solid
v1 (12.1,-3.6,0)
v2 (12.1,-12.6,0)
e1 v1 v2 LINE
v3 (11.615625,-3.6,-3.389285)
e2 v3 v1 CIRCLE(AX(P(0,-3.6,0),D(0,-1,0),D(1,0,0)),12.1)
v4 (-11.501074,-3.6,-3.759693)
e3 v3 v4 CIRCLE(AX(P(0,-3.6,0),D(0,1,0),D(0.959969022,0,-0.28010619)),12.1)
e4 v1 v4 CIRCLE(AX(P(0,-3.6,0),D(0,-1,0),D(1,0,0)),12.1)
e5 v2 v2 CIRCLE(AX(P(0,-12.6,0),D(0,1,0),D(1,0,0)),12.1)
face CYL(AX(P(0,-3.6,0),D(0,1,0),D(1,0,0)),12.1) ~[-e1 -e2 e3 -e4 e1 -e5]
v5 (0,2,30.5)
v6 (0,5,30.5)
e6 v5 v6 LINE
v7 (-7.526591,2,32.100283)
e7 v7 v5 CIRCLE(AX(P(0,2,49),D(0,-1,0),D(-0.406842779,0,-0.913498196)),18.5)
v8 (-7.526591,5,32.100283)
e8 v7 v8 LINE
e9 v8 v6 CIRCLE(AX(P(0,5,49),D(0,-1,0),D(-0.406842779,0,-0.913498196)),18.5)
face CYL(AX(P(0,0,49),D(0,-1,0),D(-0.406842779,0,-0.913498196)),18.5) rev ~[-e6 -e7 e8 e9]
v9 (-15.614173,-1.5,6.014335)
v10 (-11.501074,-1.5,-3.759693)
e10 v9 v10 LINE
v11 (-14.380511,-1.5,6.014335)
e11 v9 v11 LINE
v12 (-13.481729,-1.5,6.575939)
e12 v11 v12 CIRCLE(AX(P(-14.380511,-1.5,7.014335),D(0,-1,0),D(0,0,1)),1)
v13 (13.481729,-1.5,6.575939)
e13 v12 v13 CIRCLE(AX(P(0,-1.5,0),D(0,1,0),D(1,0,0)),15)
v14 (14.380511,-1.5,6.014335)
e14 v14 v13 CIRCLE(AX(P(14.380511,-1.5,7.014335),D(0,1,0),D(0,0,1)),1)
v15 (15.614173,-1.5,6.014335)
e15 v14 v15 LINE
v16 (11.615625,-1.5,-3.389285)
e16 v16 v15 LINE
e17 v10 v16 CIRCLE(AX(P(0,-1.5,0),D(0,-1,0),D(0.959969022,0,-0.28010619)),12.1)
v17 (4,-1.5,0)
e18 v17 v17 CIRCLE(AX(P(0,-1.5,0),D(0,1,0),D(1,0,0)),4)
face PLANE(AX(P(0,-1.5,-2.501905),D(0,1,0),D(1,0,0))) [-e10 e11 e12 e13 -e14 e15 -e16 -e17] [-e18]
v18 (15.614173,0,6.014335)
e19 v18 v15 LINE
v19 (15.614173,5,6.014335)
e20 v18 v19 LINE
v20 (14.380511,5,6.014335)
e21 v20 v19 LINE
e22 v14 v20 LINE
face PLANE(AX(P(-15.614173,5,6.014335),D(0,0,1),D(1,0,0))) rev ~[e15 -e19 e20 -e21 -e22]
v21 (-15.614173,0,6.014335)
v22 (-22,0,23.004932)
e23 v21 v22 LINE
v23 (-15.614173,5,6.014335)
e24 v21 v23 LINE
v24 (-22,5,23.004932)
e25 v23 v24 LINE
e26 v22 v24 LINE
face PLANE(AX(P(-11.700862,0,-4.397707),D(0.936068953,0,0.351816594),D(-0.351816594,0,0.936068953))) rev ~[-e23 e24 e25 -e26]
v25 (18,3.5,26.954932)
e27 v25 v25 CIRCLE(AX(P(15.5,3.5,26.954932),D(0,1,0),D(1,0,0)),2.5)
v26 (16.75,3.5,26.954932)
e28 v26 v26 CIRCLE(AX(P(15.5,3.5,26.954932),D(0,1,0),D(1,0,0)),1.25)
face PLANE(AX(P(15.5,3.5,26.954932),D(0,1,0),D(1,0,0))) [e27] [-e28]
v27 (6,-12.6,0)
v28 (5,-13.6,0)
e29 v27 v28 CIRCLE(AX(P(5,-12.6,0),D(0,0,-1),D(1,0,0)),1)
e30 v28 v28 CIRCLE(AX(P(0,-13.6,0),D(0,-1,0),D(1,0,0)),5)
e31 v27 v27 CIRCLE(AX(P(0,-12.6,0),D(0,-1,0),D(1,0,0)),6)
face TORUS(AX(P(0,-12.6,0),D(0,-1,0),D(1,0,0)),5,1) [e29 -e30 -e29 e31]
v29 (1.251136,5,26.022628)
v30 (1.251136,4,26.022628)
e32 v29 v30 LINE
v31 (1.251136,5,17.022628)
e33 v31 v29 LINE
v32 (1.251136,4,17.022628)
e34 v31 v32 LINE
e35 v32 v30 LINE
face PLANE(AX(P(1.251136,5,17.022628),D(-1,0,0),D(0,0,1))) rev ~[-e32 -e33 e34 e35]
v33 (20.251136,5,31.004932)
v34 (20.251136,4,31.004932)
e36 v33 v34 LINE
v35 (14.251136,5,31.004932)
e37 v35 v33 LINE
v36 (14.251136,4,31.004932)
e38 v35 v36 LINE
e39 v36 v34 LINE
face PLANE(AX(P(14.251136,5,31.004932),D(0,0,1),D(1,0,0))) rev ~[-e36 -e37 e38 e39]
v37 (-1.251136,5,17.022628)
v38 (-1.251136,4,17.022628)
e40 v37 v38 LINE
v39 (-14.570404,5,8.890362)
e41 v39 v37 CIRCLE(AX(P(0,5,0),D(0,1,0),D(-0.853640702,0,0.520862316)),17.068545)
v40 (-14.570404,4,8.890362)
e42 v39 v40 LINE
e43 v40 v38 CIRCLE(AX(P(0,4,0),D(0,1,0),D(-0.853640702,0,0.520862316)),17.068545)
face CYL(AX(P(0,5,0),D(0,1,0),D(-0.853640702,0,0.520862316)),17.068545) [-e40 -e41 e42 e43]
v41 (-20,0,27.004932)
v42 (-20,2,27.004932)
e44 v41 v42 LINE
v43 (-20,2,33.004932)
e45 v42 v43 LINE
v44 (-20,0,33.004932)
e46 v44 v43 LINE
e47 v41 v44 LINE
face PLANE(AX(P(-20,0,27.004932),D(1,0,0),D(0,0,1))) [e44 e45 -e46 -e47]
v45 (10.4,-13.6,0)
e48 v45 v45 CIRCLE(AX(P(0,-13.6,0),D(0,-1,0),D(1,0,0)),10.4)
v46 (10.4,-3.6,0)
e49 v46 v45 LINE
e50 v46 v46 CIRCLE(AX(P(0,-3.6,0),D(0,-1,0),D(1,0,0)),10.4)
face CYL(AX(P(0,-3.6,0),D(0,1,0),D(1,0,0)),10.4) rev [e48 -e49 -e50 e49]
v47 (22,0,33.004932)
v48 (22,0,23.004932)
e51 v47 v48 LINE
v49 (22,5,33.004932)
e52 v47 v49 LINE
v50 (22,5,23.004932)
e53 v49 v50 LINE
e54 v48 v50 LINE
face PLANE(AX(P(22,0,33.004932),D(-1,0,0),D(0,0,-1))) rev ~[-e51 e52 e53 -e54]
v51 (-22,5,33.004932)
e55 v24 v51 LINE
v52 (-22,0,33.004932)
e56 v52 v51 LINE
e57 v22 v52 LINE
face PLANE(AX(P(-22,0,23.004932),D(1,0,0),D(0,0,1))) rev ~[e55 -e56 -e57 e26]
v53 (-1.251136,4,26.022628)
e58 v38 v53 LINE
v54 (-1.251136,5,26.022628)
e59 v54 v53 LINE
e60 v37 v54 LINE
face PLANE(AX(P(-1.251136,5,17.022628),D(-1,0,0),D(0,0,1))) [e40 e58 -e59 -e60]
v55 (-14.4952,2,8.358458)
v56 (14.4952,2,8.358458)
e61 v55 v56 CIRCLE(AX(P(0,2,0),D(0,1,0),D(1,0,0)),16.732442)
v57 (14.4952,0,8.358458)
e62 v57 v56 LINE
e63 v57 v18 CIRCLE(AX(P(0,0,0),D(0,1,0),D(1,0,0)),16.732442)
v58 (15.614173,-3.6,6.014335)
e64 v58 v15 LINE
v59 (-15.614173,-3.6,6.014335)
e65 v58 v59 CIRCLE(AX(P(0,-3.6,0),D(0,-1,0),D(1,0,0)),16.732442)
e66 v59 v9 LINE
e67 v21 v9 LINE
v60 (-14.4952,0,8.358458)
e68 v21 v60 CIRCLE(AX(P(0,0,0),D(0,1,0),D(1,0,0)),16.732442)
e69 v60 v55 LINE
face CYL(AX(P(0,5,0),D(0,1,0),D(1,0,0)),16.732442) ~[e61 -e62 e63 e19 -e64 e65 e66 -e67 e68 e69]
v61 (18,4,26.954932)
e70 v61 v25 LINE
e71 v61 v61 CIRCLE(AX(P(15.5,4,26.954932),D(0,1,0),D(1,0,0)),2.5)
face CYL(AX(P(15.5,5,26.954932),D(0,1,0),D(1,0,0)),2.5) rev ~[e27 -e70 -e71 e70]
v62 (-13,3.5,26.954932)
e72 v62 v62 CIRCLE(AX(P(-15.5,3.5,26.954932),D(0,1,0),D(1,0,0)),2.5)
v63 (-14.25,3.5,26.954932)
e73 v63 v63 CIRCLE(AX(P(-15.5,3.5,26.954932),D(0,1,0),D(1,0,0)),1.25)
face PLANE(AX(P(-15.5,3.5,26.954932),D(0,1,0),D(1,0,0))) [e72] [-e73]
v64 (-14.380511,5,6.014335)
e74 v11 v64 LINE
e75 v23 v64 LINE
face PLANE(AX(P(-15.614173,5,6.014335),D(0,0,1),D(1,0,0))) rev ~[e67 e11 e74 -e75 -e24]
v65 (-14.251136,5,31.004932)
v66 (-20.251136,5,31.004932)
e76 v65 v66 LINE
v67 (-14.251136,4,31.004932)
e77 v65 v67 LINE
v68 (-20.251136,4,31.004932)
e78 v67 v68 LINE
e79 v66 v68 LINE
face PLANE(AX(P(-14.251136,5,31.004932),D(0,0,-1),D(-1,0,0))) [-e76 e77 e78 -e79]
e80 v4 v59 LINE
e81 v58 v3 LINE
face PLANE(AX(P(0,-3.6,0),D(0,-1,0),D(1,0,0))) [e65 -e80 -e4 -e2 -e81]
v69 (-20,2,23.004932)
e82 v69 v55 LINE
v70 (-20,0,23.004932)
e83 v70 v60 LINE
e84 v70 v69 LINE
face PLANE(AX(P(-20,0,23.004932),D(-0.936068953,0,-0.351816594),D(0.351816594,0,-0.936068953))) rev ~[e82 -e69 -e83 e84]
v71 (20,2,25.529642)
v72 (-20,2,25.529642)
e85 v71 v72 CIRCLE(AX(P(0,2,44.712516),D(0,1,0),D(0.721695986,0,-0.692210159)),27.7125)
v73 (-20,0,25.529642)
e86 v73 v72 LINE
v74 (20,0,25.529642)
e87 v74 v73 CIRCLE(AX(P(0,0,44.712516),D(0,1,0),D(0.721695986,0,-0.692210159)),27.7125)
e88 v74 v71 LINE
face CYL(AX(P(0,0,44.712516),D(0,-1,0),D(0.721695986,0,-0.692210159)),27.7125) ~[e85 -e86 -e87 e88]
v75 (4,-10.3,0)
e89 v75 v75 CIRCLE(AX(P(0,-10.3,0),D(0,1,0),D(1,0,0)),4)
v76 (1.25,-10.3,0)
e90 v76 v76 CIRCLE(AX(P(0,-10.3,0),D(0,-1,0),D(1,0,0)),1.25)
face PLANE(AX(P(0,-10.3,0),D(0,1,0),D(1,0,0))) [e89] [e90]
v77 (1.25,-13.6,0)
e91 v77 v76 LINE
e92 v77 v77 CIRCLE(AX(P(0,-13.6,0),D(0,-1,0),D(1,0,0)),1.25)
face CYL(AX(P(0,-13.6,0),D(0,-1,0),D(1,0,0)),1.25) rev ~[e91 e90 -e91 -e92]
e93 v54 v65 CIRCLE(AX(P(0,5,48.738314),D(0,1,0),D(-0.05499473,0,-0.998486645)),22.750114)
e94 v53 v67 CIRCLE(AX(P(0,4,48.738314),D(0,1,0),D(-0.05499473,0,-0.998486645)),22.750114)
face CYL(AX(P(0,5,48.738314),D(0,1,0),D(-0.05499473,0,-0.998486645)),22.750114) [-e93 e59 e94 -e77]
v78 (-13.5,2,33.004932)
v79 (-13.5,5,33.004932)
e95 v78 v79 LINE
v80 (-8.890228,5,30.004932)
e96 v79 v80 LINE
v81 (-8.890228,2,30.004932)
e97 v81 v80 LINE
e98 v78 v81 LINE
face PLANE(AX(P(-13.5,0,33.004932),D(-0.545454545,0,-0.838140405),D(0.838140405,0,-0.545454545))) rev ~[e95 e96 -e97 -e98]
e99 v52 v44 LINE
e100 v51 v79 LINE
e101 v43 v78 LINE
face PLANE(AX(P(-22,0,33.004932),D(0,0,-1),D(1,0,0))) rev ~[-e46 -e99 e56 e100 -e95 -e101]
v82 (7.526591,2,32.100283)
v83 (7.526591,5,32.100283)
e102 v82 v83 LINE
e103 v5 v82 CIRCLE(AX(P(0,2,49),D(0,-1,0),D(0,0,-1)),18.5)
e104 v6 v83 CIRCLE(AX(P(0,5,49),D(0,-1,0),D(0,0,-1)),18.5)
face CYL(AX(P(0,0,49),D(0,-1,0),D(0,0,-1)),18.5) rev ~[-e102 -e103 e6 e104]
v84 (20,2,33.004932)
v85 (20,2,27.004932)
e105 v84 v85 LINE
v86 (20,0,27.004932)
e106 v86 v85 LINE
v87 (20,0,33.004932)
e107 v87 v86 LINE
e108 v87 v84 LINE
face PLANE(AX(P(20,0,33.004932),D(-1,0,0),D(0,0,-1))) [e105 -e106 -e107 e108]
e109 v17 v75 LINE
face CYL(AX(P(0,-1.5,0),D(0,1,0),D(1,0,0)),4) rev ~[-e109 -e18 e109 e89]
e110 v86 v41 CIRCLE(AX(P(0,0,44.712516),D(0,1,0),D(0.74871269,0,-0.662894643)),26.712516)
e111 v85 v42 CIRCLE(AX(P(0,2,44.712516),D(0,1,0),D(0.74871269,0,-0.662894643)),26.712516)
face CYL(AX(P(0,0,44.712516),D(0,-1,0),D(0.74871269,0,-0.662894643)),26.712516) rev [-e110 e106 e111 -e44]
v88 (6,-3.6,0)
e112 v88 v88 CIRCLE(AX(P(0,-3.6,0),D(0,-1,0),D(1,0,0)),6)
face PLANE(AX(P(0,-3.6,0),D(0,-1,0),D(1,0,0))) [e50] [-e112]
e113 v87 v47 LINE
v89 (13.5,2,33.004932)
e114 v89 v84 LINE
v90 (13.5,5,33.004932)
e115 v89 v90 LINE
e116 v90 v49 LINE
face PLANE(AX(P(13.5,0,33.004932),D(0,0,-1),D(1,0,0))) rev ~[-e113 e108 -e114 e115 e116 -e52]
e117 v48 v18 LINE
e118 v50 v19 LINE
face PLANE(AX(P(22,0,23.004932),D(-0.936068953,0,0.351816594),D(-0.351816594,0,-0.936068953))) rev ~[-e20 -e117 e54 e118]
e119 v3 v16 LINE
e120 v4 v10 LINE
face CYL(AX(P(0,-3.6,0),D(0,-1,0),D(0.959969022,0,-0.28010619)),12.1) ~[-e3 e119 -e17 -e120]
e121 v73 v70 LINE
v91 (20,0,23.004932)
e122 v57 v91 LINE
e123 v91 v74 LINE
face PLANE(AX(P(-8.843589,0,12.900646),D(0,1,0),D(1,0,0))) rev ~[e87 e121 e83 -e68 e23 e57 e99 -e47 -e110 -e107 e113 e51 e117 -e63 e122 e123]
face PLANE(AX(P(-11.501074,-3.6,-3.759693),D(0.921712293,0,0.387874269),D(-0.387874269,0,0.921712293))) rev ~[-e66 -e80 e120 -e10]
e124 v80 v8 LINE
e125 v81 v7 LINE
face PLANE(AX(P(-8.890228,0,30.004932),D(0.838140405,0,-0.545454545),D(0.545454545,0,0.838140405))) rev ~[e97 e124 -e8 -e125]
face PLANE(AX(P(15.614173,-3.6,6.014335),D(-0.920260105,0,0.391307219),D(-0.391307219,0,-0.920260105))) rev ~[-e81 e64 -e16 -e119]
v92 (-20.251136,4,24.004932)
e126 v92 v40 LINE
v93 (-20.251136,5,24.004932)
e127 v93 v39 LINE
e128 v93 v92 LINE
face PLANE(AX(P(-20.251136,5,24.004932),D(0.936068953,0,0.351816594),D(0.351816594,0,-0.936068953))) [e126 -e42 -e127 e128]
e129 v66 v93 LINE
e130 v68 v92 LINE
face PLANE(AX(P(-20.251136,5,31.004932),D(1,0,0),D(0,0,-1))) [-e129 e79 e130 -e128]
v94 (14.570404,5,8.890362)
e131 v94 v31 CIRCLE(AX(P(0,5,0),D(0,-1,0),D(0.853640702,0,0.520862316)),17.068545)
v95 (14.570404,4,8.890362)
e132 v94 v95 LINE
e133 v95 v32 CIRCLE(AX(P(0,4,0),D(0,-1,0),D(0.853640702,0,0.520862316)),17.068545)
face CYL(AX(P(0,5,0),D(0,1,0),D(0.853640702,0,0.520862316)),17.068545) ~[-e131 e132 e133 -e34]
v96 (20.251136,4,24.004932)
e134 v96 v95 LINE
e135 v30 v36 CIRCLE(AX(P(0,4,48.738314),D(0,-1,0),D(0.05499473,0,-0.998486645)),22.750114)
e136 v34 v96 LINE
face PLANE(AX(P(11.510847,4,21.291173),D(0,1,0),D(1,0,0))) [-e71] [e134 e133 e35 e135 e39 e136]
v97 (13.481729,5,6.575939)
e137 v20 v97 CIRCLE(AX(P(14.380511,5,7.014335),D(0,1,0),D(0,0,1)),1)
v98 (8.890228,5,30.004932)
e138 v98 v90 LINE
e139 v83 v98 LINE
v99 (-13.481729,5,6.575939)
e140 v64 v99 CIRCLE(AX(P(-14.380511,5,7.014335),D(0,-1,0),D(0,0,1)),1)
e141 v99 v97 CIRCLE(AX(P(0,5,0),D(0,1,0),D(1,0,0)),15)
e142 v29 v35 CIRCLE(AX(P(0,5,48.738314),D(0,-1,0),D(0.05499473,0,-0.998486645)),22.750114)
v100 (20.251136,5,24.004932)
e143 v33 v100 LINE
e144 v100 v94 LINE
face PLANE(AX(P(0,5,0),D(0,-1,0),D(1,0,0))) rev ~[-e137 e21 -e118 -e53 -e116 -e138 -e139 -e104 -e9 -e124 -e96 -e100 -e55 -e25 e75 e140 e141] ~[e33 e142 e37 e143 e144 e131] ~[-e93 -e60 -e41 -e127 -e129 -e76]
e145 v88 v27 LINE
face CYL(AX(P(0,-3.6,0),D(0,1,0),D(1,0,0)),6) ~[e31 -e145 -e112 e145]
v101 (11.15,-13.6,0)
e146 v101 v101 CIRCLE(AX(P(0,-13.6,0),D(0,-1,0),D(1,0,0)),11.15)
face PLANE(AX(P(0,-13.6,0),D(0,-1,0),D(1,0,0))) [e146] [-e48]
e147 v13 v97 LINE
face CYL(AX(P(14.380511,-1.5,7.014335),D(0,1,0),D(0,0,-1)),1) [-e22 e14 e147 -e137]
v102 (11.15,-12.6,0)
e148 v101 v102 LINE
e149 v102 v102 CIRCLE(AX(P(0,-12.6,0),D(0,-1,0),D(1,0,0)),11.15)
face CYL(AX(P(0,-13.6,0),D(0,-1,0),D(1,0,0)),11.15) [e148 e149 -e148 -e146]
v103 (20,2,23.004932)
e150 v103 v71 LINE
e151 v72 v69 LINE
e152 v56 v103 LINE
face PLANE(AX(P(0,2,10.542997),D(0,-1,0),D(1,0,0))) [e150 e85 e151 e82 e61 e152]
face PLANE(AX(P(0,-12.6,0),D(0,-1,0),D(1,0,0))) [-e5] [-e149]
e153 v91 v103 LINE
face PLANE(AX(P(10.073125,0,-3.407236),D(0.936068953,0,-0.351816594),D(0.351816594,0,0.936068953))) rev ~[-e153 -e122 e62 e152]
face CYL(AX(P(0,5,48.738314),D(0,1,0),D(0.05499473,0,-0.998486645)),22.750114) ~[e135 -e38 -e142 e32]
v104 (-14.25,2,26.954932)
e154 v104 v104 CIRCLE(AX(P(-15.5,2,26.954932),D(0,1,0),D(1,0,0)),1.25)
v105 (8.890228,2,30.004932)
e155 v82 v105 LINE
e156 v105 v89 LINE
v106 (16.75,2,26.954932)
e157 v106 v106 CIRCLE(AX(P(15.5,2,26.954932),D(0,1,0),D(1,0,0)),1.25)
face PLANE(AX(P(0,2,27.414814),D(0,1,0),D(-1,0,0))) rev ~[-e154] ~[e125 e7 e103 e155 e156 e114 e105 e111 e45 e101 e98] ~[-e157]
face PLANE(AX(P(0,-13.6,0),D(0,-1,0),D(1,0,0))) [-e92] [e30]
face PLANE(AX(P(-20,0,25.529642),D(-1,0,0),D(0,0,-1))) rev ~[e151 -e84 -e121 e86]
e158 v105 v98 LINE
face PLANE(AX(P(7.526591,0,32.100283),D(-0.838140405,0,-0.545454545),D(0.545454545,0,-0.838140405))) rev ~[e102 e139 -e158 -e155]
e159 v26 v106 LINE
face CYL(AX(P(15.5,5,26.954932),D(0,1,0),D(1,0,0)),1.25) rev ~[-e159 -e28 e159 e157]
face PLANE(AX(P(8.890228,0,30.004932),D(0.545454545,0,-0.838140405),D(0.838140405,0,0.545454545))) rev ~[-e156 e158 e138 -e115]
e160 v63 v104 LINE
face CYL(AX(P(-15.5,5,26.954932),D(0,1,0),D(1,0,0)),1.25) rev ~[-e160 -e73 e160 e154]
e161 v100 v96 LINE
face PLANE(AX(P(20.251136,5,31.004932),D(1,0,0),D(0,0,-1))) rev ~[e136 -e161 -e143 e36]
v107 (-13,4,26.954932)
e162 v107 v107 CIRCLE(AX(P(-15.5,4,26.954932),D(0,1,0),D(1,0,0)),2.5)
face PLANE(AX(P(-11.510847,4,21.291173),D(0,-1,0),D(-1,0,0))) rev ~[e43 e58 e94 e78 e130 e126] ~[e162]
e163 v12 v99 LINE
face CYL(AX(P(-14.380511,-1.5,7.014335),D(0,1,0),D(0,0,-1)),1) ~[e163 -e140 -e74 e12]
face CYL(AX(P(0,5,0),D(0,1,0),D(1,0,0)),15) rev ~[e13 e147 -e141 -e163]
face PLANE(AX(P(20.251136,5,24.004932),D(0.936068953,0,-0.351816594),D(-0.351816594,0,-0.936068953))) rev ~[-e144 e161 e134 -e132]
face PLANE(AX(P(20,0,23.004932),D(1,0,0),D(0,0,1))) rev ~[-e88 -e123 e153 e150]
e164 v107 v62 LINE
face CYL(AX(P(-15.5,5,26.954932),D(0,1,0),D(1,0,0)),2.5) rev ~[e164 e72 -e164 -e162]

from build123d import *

# Parameters (mm, degrees)
BOSS_EXTRUDE1_DEPTH = 5
CUT_EXTRUDE6_DEPTH  = 2
CUT_EXTRUDE7_DEPTH  = 2
SKETCH12_R          = 16.732442385
BOSS_EXTRUDE3_DEPTH = 8.6
SKETCH13_R          = 12.1
SKETCH13_R_2        = 10.4
BOSS_EXTRUDE4_DEPTH = 10
SKETCH14_R          = 6
BOSS_EXTRUDE5_DEPTH = 10
CUT_EXTRUDE10_DEPTH = 1
SKETCH7_R           = 1.25
CUT_EXTRUDE11_DEPTH = 19.6
SKETCH8_R           = 2.5
CUT_EXTRUDE12_DEPTH = 1.5
SKETCH3_R           = 15
CUT_EXTRUDE14_DEPTH = 6.5
CUT_EXTRUDE15_DEPTH = 6.5
SKETCH15_R          = 1.25
CUT_EXTRUDE16_DEPTH = 6.5
FILLET2_R           = 1
SKETCH20_R          = 12.503929781
SKETCH20_R_2        = 11.15
CUT_EXTRUDE17_DEPTH = 1
SKETCH21_R          = 4
CUT_EXTRUDE19_DEPTH = 8.8
FILLET10_R          = 1
CUT_EXTRUDE21_DEPTH = 9.6


with BuildPart() as part:
    # Sketch1 → Boss-Extrude1 (new body)
    with BuildSketch(Plane(origin=(0, 0, 0), x_dir=(1, 0, 0), z_dir=(0, 1, 0))):
        with BuildLine():
            Line((-22, -23.004932369), (-22, -33.004932369))
            Line((-22, -33.004932369), (-13.5, -33.004932369))
            Line((-13.5, -33.004932369), (-8.890227771, -30.004932369))
            Line((-8.890227771, -30.004932369), (-7.526591408, -32.100283382))
            ThreePointArc((-7.526591408, -32.100283382), (-3.847417482, -30.904492858), (0, -30.5))
            Line((0, -30.5), (0, 12.5))
            ThreePointArc((0, 12.5), (-7.116131574, 10.276705281), (-11.700861907, 4.397707428))
            Line((-11.700861907, 4.397707428), (-22, -23.004932369))
        make_face()
        with BuildLine():
            ThreePointArc((11.700861907, 4.397707428), (7.116131574, 10.276705281), (0, 12.5))
            Line((0, 12.5), (0, -30.5))
            ThreePointArc((0, -30.5), (3.847417482, -30.904492858), (7.526591408, -32.100283382))
            Line((7.526591408, -32.100283382), (8.890227771, -30.004932369))
            Line((8.890227771, -30.004932369), (13.5, -33.004932369))
            Line((13.5, -33.004932369), (22, -33.004932369))
            Line((22, -33.004932369), (22, -23.004932369))
            Line((22, -23.004932369), (11.700861907, 4.397707428))
        make_face()
    extrude(amount=BOSS_EXTRUDE1_DEPTH)

    # Sketch9 → Cut-Extrude6 (cut)
    with BuildSketch(Plane.XZ):
        with BuildLine():
            Line((20, 33.004932369), (20, 27.004932369))
            ThreePointArc((20, 27.004932369), (0, 18), (-20, 27.004932369))
            Line((-20, 27.004932369), (-20, 33.004932369))
            Line((-20, 33.004932369), (20, 33.004932369))
        make_face()
    extrude(amount=-CUT_EXTRUDE6_DEPTH, mode=Mode.SUBTRACT)

    # Sketch11 → Cut-Extrude7 (cut)
    with BuildSketch(Plane.XZ):
        with BuildLine():
            Line((-20, 23.004932369), (-10.073125454, -3.40723582))
            ThreePointArc((-10.073125454, -3.40723582), (0, -10.633772254), (10.073125454, -3.40723582))
            Line((10.073125454, -3.40723582), (20, 23.004932369))
            Line((20, 23.004932369), (20, 25.529642354))
            ThreePointArc((20, 25.529642354), (0, 17.000016389), (-20, 25.529642354))
            Line((-20, 25.529642354), (-20, 23.004932369))
        make_face()
    extrude(amount=-CUT_EXTRUDE7_DEPTH, mode=Mode.SUBTRACT)

    # Sketch12 → Boss-Extrude3 (add)
    with BuildSketch(Plane.XZ.offset(-5)):
        Circle(SKETCH12_R)
    extrude(amount=BOSS_EXTRUDE3_DEPTH)

    # Sketch13 → Boss-Extrude4 (add)
    with BuildSketch(Plane.XZ.offset(3.6)):
        Circle(SKETCH13_R)
        Circle(SKETCH13_R_2, mode=Mode.SUBTRACT)
    extrude(amount=BOSS_EXTRUDE4_DEPTH)

    # Sketch14 → Boss-Extrude5 (add)
    with BuildSketch(Plane.XZ.offset(3.6)):
        Circle(SKETCH14_R)
    extrude(amount=BOSS_EXTRUDE5_DEPTH)

    # Sketch6 → Cut-Extrude10 (cut)
    with BuildSketch(Plane(origin=(0, 5, 0), x_dir=(1, 0, 0), z_dir=(0, 1, 0))):
        with BuildLine():
            Line((-1.251136393, -17.022628361), (-1.251136393, -26.022628361))
            ThreePointArc((-1.251136393, -26.022628361), (-8.141618616, -27.494920638), (-14.251136393, -31.004932369))
            Line((-14.251136393, -31.004932369), (-20.251136393, -31.004932369))
            Line((-20.251136393, -31.004932369), (-20.251136393, -24.004932369))
            Line((-20.251136393, -24.004932369), (-14.570404486, -8.89036173))
            ThreePointArc((-14.570404486, -8.89036173), (-8.894589877, -14.567823774), (-1.251136393, -17.022628361))
        make_face()
        with BuildLine():
            Line((20.251136393, -24.004932369), (14.570404486, -8.89036173))
            ThreePointArc((14.570404486, -8.89036173), (8.894589877, -14.567823774), (1.251136393, -17.022628361))
            Line((1.251136393, -17.022628361), (1.251136393, -26.022628361))
            ThreePointArc((1.251136393, -26.022628361), (8.141618616, -27.494920638), (14.251136393, -31.004932369))
            Line((14.251136393, -31.004932369), (20.251136393, -31.004932369))
            Line((20.251136393, -31.004932369), (20.251136393, -24.004932369))
        make_face()
    extrude(amount=-CUT_EXTRUDE10_DEPTH, mode=Mode.SUBTRACT)

    # Sketch7 → Cut-Extrude11 (cut, through all)
    with BuildSketch(Plane(origin=(0, 5, 0), x_dir=(1, 0, 0), z_dir=(0, 1, 0))):
        with Locations((-15.5, -26.954932369)):
            Circle(SKETCH7_R)
        with Locations((15.5, -26.954932369)):
            Circle(SKETCH7_R)
    extrude(amount=-CUT_EXTRUDE11_DEPTH, mode=Mode.SUBTRACT)

    # Sketch8 → Cut-Extrude12 (cut)
    with BuildSketch(Plane(origin=(0, 5, 0), x_dir=(1, 0, 0), z_dir=(0, 1, 0))):
        with Locations((-15.5, -26.954932369)):
            Circle(SKETCH8_R)
        with Locations((15.5, -26.954932369)):
            Circle(SKETCH8_R)
    extrude(amount=-CUT_EXTRUDE12_DEPTH, mode=Mode.SUBTRACT)

    # Sketch3 → Cut-Extrude14 (cut)
    with BuildSketch(Plane(origin=(0, 5, 0), x_dir=(1, 0, 0), z_dir=(0, 1, 0))):
        Circle(SKETCH3_R)
    extrude(amount=-CUT_EXTRUDE14_DEPTH, mode=Mode.SUBTRACT)

    # Sketch19 → Cut-Extrude15 (cut)
    with BuildSketch(Plane(origin=(0, 5, 0), x_dir=(1, 0, 0), z_dir=(0, 1, 0))):
        with BuildLine():
            Line((-15.614173224, -6.014334769), (15.614173224, -6.014334769))
            ThreePointArc((15.614173224, -6.014334769), (0, 16.732442385), (-15.614173224, -6.014334769))
        make_face()
    extrude(amount=-CUT_EXTRUDE15_DEPTH, mode=Mode.SUBTRACT)

    # Sketch15 → Cut-Extrude16 (cut)
    with BuildSketch(Plane.XZ.offset(13.6)):
        Circle(SKETCH15_R)
    extrude(amount=-CUT_EXTRUDE16_DEPTH, mode=Mode.SUBTRACT)

    # Fillet2
    fillet2_edges = [part.edges().sort_by_distance(p)[0] for p in [
        (-6, -13.6, 0),
    ]]
    fillet(fillet2_edges, radius=FILLET2_R)

    # Sketch20 → Cut-Extrude17 (cut)
    with BuildSketch(Plane.XZ.offset(13.6)):
        Circle(SKETCH20_R)
        Circle(SKETCH20_R_2, mode=Mode.SUBTRACT)
    extrude(amount=-CUT_EXTRUDE17_DEPTH, mode=Mode.SUBTRACT)

    # Sketch21 → Cut-Extrude19 (cut)
    with BuildSketch(Plane(origin=(0, -1.5, 0), x_dir=(1, 0, 0), z_dir=(0, 1, 0))):
        Circle(SKETCH21_R)
    extrude(amount=-CUT_EXTRUDE19_DEPTH, mode=Mode.SUBTRACT)

    # Fillet10
    fillet10_edges = [part.edges().sort_by_distance(p)[0] for p in [
        (13.741461978, 1.75, 6.014334769),
        (-13.741461978, 1.75, 6.014334769),
    ]]
    fillet(fillet10_edges, radius=FILLET10_R)

    # Sketch22 → Cut-Extrude21 (cut, through all)
    with BuildSketch(Plane.XZ.offset(3.6)):
        with BuildLine():
            Line((15.614173224, 6.014334769), (11.615625162, -3.389284894))
            ThreePointArc((11.615625162, -3.389284894), (0.193858429, -12.098446963), (-11.501074122, -3.759693345))
            Line((-11.501074122, -3.759693345), (-15.614173224, 6.014334769))
            ThreePointArc((-15.614173224, 6.014334769), (0, -16.732442385), (15.614173224, 6.014334769))
        make_face()
    extrude(amount=-CUT_EXTRUDE21_DEPTH, mode=Mode.SUBTRACT)


solid = part.part
